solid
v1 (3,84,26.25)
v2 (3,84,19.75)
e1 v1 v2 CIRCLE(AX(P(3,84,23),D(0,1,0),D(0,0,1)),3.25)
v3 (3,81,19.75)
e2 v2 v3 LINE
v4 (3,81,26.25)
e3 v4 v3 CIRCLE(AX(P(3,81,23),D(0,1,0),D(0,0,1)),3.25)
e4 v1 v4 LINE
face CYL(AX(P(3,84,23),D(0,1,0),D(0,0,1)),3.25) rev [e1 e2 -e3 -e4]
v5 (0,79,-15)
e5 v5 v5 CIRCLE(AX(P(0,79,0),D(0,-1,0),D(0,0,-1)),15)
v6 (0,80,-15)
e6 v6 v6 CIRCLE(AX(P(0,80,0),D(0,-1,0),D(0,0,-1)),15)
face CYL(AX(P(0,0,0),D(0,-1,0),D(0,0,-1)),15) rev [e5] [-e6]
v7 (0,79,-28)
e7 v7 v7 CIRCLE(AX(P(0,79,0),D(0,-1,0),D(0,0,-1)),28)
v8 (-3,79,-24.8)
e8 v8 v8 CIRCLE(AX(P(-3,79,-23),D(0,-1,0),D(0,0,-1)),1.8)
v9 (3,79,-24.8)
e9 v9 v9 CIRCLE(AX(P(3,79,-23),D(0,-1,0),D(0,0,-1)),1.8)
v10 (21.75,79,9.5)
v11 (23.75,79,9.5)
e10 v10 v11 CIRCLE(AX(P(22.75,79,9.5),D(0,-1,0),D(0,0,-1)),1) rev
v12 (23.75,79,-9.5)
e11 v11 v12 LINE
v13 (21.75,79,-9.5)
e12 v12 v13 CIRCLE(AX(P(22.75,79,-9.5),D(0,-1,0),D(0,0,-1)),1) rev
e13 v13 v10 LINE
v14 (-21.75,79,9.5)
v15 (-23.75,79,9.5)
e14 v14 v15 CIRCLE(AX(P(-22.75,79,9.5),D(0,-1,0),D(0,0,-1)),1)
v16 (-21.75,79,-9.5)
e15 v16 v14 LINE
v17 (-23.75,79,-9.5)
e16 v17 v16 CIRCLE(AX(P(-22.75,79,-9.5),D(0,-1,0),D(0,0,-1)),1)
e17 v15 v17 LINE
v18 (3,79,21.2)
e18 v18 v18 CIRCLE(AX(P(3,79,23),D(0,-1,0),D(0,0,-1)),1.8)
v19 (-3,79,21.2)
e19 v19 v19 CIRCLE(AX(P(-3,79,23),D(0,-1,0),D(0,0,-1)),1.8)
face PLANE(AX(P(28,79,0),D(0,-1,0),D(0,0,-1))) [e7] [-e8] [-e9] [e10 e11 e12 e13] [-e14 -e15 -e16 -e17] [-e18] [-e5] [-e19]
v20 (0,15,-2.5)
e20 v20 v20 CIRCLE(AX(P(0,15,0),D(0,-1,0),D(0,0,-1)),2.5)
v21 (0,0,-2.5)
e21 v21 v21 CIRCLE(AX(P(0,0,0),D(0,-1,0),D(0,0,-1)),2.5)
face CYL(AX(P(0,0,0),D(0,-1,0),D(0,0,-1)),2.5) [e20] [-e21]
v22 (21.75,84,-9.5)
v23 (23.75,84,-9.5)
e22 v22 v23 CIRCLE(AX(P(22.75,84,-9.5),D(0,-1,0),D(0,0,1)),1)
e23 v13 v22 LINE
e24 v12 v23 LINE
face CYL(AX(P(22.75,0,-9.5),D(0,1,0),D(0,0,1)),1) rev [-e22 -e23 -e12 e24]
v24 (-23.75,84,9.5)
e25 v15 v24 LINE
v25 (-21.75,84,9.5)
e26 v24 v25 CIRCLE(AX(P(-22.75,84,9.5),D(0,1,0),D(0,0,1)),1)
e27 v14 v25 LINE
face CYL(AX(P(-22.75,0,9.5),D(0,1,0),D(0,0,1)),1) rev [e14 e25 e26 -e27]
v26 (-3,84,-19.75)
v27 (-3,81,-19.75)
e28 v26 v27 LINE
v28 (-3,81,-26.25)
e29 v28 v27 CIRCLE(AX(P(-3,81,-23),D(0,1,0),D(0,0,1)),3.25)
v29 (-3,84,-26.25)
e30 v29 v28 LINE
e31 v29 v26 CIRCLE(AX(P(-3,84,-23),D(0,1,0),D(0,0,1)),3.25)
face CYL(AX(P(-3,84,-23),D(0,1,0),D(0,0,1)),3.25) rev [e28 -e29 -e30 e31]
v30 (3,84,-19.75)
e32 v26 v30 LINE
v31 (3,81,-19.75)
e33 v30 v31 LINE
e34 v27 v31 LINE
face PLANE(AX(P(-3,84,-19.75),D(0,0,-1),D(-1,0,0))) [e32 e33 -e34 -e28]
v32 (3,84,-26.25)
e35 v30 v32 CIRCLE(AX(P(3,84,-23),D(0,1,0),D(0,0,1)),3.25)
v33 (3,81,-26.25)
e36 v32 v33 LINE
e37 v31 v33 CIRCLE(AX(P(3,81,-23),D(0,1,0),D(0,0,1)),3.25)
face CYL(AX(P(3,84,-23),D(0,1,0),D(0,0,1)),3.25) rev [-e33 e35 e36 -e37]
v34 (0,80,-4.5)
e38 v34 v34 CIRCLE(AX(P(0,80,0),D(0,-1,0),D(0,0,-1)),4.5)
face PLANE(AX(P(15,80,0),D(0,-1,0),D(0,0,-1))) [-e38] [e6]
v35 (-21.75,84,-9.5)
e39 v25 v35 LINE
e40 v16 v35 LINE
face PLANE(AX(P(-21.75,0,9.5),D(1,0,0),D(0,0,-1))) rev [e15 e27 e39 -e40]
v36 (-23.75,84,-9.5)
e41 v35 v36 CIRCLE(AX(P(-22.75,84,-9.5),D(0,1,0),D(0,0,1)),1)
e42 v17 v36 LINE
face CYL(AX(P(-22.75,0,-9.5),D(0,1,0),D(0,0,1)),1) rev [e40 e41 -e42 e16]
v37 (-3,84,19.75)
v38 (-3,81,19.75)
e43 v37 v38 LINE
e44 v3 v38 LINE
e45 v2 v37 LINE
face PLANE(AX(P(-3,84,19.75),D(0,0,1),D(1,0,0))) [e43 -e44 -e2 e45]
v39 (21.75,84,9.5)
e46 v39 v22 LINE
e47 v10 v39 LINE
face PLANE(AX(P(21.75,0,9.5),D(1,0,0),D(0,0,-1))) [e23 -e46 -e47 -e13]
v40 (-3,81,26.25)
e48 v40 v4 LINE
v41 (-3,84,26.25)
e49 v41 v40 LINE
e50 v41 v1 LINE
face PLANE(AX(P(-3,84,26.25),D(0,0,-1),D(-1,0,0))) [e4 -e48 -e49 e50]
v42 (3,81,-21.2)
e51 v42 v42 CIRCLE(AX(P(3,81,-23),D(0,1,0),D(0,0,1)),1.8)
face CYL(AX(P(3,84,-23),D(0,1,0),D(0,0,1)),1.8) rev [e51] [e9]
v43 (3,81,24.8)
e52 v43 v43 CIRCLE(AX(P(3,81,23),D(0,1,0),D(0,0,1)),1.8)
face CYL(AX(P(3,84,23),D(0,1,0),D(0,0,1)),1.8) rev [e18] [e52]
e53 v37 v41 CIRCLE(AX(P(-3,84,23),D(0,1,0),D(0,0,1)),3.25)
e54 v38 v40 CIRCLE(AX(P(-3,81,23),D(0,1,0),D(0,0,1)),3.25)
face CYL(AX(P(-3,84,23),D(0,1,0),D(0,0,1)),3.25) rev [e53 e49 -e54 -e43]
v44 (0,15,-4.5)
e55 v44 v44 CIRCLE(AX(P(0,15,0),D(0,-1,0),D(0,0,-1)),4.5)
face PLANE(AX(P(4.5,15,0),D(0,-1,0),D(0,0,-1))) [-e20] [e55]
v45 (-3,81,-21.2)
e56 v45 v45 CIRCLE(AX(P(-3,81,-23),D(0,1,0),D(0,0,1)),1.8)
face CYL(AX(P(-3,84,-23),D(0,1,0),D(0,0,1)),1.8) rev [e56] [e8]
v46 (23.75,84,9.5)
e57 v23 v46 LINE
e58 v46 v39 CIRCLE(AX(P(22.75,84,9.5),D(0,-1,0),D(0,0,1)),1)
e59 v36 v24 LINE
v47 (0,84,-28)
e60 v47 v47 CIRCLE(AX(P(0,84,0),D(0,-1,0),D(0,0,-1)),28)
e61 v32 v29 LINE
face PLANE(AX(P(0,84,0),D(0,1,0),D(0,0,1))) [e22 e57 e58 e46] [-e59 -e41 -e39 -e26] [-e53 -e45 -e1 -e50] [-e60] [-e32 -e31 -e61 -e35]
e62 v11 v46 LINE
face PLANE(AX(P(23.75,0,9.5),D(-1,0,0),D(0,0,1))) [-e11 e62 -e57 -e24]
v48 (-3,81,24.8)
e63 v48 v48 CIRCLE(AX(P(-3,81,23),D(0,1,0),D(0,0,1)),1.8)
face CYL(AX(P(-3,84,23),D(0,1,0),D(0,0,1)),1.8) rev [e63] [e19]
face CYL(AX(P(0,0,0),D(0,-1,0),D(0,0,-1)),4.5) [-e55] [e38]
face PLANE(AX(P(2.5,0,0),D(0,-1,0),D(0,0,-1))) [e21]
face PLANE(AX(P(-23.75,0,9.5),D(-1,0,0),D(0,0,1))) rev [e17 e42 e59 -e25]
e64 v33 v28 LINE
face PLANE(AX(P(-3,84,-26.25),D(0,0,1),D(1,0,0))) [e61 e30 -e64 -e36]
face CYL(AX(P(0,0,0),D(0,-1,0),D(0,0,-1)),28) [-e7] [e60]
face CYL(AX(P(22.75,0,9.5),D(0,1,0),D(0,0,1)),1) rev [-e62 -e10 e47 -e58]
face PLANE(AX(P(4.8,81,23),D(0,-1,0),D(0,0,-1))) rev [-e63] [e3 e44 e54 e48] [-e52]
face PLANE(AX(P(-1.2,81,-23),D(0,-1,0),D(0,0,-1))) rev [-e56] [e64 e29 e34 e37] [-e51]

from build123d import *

# Parameters (mm, degrees)
CBORE_FOR_M3_SHCS1_D           = 3.6
CBORE_FOR_M3_SHCS1_DEPTH       = 6.500114
CBORE_FOR_M3_SHCS1_CBORE_D     = 6.5
CBORE_FOR_M3_SHCS1_CBORE_DEPTH = 3
CBORE_FOR_M3_SHCS1_TIP         = 1.081549114
CUT_EXTRUDE1_DEPTH             = 91.160967098
CUT_EXTRUDE2_DEPTH             = 93.865494063


with BuildPart() as part:
    # Sketch1 → Revolve1 (revolve)
    with BuildSketch(Plane.XY, mode=Mode.PRIVATE) as revolve1_sk:
        Polygon((0, 83.999999926), (28, 83.999999926), (28, 78.999999926), (15, 78.999999926), (15, 79.999999926), (4.5, 79.999999926), (4.5, 15), (2.5, 15), (2.5, 0), (0, 0), align=None)
    revolve(revolve1_sk.sketch.rotate(Axis((0, 0, 0), (0, 1, 0)), 90), axis=Axis((0, 0, 0), (0, 1, 0)))

    # CBORE for M3 SHCS1
    with Locations(Plane(origin=(0, 83.999999926, 0), x_dir=(1, 0, 0), z_dir=(0, 1, 0))):
        with Locations((3, 23), (-3, 23), (-3, -23), (3, -23)):
            CounterBoreHole(CBORE_FOR_M3_SHCS1_D / 2, CBORE_FOR_M3_SHCS1_CBORE_D / 2, CBORE_FOR_M3_SHCS1_CBORE_DEPTH, depth=CBORE_FOR_M3_SHCS1_DEPTH)
            with Locations((0, 0, -(CBORE_FOR_M3_SHCS1_DEPTH + CBORE_FOR_M3_SHCS1_TIP / 2))):  # 118° drill point
                Cone(0, CBORE_FOR_M3_SHCS1_D / 2, CBORE_FOR_M3_SHCS1_TIP, mode=Mode.SUBTRACT)

    # Sketch4 → Cut-Extrude1 (cut, through all)
    with BuildSketch(Plane(origin=(0, 80.999999926, 0), x_dir=(1, 0, 0), z_dir=(0, 1, 0))):
        with BuildLine():
            Line((-3, 26.25), (3, 26.25))
            ThreePointArc((3, 26.25), (6.25, 23), (3, 19.75))
            Line((3, 19.75), (-3, 19.75))
            ThreePointArc((-3, 19.75), (-6.25, 23), (-3, 26.25))
        make_face()
        with BuildLine():
            Line((-3, -19.75), (3, -19.75))
            ThreePointArc((3, -19.75), (6.25, -23), (3, -26.25))
            Line((3, -26.25), (-3, -26.25))
            ThreePointArc((-3, -26.25), (-6.25, -23), (-3, -19.75))
        make_face()
    extrude(amount=CUT_EXTRUDE1_DEPTH, mode=Mode.SUBTRACT)

    # Sketch5 → Cut-Extrude2 (cut, through all)
    with BuildSketch(Plane(origin=(0, 83.999999926, 0), x_dir=(1, 0, 0), z_dir=(0, 1, 0))):
        with BuildLine():
            Line((-23.75, -9.5), (-23.75, 9.5))
            ThreePointArc((-23.75, 9.5), (-22.75, 10.5), (-21.75, 9.5))
            Line((-21.75, 9.5), (-21.75, -9.5))
            ThreePointArc((-21.75, -9.5), (-22.75, -10.5), (-23.75, -9.5))
        make_face()
    cut_extrude2 = extrude(amount=-CUT_EXTRUDE2_DEPTH, mode=Mode.SUBTRACT)

    # Mirror1: Cut-Extrude2 across plane
    add(cut_extrude2.mirror(Plane(origin=(0, 0, 0), x_dir=(0, 0, 1), z_dir=(1, 0, 0))), mode=Mode.SUBTRACT)


solid = part.part
